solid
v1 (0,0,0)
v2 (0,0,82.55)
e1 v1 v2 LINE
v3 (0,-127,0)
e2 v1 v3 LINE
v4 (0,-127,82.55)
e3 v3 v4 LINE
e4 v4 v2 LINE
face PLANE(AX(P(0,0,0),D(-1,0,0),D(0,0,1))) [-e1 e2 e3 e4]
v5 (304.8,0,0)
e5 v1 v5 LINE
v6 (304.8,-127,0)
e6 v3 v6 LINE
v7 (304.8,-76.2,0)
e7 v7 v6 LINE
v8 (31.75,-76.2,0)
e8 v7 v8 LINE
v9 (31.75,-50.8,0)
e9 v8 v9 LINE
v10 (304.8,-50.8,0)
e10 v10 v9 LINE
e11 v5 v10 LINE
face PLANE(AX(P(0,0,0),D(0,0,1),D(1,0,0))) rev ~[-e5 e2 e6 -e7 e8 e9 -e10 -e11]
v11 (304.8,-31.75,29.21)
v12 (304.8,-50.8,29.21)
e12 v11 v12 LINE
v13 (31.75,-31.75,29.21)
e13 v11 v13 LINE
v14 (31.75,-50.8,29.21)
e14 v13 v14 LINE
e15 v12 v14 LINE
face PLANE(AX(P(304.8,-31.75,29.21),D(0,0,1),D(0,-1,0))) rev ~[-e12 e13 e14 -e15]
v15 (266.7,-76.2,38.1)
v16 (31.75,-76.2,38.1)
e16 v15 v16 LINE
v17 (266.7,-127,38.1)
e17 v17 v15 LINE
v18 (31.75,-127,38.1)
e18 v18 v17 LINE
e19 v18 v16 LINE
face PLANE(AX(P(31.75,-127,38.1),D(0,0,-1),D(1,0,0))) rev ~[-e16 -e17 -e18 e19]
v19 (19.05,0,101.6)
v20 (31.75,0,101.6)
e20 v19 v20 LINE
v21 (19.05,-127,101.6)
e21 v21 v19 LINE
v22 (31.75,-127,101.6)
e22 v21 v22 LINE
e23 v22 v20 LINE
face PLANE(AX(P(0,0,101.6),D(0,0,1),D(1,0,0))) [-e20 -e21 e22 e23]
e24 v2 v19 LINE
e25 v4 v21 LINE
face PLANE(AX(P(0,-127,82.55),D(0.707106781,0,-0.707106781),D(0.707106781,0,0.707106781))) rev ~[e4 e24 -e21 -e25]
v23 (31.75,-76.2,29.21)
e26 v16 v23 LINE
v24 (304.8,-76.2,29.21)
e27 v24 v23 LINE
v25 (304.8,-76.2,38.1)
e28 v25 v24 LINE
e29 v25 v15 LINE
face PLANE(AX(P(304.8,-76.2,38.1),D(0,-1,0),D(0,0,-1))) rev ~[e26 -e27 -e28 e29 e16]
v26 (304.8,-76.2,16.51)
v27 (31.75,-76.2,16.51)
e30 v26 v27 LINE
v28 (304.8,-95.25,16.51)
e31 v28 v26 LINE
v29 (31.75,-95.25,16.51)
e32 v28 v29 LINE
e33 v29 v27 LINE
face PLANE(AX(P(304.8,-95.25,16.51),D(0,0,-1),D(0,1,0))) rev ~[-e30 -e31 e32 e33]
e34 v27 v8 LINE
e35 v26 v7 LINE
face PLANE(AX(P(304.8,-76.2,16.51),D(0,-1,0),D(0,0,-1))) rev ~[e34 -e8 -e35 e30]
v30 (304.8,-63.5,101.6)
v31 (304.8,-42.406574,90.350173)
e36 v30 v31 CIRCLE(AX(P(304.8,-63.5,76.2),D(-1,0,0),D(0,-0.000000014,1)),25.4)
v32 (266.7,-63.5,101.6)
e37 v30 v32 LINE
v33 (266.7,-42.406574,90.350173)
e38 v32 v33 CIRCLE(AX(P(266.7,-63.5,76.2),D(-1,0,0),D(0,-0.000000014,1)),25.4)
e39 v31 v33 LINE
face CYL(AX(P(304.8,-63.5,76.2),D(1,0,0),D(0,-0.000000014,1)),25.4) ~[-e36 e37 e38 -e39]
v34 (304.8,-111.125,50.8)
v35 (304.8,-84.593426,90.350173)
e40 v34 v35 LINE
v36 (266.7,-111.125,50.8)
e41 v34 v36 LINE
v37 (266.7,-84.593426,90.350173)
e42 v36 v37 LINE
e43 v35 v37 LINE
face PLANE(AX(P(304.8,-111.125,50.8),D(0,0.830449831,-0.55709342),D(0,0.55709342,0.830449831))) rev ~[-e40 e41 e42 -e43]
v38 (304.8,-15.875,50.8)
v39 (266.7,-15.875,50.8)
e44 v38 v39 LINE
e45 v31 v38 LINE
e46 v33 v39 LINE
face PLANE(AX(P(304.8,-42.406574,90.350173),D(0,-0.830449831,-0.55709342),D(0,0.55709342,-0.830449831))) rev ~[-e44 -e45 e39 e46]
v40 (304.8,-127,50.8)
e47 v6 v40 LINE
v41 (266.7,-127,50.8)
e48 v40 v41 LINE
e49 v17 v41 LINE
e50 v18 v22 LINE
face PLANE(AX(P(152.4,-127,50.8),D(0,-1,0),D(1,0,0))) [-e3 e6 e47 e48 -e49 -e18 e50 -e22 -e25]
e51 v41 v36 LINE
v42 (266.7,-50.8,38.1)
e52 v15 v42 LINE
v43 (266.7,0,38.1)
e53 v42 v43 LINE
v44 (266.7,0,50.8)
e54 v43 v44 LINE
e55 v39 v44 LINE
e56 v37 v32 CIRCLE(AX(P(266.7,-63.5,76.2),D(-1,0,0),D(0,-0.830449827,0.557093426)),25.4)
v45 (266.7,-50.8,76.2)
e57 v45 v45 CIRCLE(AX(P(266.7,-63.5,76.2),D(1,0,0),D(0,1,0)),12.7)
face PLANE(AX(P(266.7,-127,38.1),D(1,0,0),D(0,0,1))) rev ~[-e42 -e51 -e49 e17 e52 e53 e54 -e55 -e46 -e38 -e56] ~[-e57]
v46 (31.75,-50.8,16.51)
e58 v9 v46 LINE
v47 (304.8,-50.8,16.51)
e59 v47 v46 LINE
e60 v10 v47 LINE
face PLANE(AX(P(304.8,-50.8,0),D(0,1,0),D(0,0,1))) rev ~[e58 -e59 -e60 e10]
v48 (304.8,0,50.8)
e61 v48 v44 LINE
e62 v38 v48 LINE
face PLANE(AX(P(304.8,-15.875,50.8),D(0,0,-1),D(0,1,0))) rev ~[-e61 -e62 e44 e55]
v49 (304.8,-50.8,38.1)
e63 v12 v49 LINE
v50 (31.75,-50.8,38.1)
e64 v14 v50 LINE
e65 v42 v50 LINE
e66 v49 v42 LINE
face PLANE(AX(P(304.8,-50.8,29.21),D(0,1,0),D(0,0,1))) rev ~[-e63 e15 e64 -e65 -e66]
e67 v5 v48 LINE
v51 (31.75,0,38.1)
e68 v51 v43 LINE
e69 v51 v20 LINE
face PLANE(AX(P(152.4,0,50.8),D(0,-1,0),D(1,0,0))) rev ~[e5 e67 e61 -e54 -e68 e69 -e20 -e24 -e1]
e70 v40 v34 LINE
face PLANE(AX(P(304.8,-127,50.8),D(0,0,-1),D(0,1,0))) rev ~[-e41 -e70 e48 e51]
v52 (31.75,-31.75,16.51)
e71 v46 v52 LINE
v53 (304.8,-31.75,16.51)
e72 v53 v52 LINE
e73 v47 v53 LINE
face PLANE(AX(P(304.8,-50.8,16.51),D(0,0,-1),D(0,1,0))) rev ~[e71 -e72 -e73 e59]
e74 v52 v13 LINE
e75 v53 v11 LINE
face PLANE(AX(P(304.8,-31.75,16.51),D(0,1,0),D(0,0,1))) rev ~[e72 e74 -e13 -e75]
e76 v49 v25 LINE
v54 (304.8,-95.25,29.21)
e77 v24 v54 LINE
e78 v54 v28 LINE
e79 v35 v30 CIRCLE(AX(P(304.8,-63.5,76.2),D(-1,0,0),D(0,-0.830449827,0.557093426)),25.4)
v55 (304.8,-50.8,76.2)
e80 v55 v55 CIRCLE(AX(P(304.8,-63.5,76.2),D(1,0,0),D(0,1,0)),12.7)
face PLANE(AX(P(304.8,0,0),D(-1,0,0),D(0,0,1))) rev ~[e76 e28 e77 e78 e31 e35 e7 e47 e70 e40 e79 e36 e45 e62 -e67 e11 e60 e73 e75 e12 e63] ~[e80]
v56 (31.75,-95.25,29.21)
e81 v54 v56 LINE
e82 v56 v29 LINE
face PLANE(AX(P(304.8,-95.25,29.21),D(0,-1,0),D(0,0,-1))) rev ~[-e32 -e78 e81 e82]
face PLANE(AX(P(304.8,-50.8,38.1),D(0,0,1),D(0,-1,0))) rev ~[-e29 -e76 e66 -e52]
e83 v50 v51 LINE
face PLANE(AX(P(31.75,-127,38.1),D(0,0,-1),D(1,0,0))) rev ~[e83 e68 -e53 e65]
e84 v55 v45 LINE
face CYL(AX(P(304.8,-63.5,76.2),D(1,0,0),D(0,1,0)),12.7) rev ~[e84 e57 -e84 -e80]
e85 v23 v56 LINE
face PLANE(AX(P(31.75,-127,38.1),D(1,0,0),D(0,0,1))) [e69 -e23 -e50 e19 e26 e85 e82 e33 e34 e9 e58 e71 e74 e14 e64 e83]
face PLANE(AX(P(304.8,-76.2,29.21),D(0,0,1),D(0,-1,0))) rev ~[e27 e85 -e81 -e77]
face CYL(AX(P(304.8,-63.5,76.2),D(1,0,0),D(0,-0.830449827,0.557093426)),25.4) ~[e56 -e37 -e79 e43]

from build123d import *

# Parameters (mm, degrees)
F0_W     = 304.8
F0_H     = 101.6
F1_DEPTH = 127
F2_W     = 234.95
F2_H     = 63.5
F3_DEPTH = 127.001
F5_DEPTH = 127.001
F6_R     = 12.7
F7_DEPTH = 38.1
F9_DEPTH = 273.05


with BuildPart() as f1:
    # F0 (on Front) → F1 (new body)
    with BuildSketch(Plane.XZ):
        with Locations((152.4, 50.8)):
            Rectangle(F0_W, F0_H)
    extrude(amount=F1_DEPTH)

    # F2 (on face) → F3 (cut, through all)
    with BuildSketch(Plane.XZ.offset(127)):
        with Locations((149.225, 69.85)):
            Rectangle(F2_W, F2_H)
    extrude(amount=-F3_DEPTH, mode=Mode.SUBTRACT)

    # F4 (on face) → F5 (cut, through all)
    with BuildSketch(Plane.XZ.offset(127)):
        Polygon((19.05, 101.6), (0, 101.6), (0, 82.55), align=None)
    extrude(amount=-F5_DEPTH, mode=Mode.SUBTRACT)

    # F6 (on face) → F7 (cut, through all)
    with BuildSketch(Plane.YZ.offset(304.8)):
        with BuildLine():
            Line((-127, 101.6), (-127, 50.8))
            Line((-127, 50.8), (-111.125, 50.8))
            Line((-111.125, 50.8), (-84.593426, 90.350173))
            ThreePointArc((-84.593426, 90.350173), (-75.452941, 98.611765), (-63.5, 101.6))
            Line((-63.5, 101.6), (-127, 101.6))
        make_face()
        with BuildLine():
            Line((-15.875, 50.8), (0, 50.8))
            Line((0, 50.8), (0, 101.6))
            Line((0, 101.6), (-63.5, 101.6))
            ThreePointArc((-63.5, 101.6), (-51.547059, 98.611765), (-42.406574, 90.350173))
            Line((-42.406574, 90.350173), (-15.875, 50.8))
        make_face()
        with Locations((-63.5, 76.2)):
            Circle(F6_R)
    extrude(amount=-F7_DEPTH, mode=Mode.SUBTRACT)

    # F8 (on face) → F9 (cut, through all)
    with BuildSketch(Plane.YZ.offset(304.8)):
        Polygon((-76.2, 16.51), (-76.2, 0), (-63.5, 0), (-50.8, 0), (-50.8, 16.51), (-31.75, 16.51), (-31.75, 29.21), (-50.8, 29.21), (-50.8, 38.1), (-63.5, 38.1), (-76.2, 38.1), (-76.2, 29.21), (-95.25, 29.21), (-95.25, 16.51), align=None)
    extrude(amount=-F9_DEPTH, mode=Mode.SUBTRACT)


solid = f1.part
